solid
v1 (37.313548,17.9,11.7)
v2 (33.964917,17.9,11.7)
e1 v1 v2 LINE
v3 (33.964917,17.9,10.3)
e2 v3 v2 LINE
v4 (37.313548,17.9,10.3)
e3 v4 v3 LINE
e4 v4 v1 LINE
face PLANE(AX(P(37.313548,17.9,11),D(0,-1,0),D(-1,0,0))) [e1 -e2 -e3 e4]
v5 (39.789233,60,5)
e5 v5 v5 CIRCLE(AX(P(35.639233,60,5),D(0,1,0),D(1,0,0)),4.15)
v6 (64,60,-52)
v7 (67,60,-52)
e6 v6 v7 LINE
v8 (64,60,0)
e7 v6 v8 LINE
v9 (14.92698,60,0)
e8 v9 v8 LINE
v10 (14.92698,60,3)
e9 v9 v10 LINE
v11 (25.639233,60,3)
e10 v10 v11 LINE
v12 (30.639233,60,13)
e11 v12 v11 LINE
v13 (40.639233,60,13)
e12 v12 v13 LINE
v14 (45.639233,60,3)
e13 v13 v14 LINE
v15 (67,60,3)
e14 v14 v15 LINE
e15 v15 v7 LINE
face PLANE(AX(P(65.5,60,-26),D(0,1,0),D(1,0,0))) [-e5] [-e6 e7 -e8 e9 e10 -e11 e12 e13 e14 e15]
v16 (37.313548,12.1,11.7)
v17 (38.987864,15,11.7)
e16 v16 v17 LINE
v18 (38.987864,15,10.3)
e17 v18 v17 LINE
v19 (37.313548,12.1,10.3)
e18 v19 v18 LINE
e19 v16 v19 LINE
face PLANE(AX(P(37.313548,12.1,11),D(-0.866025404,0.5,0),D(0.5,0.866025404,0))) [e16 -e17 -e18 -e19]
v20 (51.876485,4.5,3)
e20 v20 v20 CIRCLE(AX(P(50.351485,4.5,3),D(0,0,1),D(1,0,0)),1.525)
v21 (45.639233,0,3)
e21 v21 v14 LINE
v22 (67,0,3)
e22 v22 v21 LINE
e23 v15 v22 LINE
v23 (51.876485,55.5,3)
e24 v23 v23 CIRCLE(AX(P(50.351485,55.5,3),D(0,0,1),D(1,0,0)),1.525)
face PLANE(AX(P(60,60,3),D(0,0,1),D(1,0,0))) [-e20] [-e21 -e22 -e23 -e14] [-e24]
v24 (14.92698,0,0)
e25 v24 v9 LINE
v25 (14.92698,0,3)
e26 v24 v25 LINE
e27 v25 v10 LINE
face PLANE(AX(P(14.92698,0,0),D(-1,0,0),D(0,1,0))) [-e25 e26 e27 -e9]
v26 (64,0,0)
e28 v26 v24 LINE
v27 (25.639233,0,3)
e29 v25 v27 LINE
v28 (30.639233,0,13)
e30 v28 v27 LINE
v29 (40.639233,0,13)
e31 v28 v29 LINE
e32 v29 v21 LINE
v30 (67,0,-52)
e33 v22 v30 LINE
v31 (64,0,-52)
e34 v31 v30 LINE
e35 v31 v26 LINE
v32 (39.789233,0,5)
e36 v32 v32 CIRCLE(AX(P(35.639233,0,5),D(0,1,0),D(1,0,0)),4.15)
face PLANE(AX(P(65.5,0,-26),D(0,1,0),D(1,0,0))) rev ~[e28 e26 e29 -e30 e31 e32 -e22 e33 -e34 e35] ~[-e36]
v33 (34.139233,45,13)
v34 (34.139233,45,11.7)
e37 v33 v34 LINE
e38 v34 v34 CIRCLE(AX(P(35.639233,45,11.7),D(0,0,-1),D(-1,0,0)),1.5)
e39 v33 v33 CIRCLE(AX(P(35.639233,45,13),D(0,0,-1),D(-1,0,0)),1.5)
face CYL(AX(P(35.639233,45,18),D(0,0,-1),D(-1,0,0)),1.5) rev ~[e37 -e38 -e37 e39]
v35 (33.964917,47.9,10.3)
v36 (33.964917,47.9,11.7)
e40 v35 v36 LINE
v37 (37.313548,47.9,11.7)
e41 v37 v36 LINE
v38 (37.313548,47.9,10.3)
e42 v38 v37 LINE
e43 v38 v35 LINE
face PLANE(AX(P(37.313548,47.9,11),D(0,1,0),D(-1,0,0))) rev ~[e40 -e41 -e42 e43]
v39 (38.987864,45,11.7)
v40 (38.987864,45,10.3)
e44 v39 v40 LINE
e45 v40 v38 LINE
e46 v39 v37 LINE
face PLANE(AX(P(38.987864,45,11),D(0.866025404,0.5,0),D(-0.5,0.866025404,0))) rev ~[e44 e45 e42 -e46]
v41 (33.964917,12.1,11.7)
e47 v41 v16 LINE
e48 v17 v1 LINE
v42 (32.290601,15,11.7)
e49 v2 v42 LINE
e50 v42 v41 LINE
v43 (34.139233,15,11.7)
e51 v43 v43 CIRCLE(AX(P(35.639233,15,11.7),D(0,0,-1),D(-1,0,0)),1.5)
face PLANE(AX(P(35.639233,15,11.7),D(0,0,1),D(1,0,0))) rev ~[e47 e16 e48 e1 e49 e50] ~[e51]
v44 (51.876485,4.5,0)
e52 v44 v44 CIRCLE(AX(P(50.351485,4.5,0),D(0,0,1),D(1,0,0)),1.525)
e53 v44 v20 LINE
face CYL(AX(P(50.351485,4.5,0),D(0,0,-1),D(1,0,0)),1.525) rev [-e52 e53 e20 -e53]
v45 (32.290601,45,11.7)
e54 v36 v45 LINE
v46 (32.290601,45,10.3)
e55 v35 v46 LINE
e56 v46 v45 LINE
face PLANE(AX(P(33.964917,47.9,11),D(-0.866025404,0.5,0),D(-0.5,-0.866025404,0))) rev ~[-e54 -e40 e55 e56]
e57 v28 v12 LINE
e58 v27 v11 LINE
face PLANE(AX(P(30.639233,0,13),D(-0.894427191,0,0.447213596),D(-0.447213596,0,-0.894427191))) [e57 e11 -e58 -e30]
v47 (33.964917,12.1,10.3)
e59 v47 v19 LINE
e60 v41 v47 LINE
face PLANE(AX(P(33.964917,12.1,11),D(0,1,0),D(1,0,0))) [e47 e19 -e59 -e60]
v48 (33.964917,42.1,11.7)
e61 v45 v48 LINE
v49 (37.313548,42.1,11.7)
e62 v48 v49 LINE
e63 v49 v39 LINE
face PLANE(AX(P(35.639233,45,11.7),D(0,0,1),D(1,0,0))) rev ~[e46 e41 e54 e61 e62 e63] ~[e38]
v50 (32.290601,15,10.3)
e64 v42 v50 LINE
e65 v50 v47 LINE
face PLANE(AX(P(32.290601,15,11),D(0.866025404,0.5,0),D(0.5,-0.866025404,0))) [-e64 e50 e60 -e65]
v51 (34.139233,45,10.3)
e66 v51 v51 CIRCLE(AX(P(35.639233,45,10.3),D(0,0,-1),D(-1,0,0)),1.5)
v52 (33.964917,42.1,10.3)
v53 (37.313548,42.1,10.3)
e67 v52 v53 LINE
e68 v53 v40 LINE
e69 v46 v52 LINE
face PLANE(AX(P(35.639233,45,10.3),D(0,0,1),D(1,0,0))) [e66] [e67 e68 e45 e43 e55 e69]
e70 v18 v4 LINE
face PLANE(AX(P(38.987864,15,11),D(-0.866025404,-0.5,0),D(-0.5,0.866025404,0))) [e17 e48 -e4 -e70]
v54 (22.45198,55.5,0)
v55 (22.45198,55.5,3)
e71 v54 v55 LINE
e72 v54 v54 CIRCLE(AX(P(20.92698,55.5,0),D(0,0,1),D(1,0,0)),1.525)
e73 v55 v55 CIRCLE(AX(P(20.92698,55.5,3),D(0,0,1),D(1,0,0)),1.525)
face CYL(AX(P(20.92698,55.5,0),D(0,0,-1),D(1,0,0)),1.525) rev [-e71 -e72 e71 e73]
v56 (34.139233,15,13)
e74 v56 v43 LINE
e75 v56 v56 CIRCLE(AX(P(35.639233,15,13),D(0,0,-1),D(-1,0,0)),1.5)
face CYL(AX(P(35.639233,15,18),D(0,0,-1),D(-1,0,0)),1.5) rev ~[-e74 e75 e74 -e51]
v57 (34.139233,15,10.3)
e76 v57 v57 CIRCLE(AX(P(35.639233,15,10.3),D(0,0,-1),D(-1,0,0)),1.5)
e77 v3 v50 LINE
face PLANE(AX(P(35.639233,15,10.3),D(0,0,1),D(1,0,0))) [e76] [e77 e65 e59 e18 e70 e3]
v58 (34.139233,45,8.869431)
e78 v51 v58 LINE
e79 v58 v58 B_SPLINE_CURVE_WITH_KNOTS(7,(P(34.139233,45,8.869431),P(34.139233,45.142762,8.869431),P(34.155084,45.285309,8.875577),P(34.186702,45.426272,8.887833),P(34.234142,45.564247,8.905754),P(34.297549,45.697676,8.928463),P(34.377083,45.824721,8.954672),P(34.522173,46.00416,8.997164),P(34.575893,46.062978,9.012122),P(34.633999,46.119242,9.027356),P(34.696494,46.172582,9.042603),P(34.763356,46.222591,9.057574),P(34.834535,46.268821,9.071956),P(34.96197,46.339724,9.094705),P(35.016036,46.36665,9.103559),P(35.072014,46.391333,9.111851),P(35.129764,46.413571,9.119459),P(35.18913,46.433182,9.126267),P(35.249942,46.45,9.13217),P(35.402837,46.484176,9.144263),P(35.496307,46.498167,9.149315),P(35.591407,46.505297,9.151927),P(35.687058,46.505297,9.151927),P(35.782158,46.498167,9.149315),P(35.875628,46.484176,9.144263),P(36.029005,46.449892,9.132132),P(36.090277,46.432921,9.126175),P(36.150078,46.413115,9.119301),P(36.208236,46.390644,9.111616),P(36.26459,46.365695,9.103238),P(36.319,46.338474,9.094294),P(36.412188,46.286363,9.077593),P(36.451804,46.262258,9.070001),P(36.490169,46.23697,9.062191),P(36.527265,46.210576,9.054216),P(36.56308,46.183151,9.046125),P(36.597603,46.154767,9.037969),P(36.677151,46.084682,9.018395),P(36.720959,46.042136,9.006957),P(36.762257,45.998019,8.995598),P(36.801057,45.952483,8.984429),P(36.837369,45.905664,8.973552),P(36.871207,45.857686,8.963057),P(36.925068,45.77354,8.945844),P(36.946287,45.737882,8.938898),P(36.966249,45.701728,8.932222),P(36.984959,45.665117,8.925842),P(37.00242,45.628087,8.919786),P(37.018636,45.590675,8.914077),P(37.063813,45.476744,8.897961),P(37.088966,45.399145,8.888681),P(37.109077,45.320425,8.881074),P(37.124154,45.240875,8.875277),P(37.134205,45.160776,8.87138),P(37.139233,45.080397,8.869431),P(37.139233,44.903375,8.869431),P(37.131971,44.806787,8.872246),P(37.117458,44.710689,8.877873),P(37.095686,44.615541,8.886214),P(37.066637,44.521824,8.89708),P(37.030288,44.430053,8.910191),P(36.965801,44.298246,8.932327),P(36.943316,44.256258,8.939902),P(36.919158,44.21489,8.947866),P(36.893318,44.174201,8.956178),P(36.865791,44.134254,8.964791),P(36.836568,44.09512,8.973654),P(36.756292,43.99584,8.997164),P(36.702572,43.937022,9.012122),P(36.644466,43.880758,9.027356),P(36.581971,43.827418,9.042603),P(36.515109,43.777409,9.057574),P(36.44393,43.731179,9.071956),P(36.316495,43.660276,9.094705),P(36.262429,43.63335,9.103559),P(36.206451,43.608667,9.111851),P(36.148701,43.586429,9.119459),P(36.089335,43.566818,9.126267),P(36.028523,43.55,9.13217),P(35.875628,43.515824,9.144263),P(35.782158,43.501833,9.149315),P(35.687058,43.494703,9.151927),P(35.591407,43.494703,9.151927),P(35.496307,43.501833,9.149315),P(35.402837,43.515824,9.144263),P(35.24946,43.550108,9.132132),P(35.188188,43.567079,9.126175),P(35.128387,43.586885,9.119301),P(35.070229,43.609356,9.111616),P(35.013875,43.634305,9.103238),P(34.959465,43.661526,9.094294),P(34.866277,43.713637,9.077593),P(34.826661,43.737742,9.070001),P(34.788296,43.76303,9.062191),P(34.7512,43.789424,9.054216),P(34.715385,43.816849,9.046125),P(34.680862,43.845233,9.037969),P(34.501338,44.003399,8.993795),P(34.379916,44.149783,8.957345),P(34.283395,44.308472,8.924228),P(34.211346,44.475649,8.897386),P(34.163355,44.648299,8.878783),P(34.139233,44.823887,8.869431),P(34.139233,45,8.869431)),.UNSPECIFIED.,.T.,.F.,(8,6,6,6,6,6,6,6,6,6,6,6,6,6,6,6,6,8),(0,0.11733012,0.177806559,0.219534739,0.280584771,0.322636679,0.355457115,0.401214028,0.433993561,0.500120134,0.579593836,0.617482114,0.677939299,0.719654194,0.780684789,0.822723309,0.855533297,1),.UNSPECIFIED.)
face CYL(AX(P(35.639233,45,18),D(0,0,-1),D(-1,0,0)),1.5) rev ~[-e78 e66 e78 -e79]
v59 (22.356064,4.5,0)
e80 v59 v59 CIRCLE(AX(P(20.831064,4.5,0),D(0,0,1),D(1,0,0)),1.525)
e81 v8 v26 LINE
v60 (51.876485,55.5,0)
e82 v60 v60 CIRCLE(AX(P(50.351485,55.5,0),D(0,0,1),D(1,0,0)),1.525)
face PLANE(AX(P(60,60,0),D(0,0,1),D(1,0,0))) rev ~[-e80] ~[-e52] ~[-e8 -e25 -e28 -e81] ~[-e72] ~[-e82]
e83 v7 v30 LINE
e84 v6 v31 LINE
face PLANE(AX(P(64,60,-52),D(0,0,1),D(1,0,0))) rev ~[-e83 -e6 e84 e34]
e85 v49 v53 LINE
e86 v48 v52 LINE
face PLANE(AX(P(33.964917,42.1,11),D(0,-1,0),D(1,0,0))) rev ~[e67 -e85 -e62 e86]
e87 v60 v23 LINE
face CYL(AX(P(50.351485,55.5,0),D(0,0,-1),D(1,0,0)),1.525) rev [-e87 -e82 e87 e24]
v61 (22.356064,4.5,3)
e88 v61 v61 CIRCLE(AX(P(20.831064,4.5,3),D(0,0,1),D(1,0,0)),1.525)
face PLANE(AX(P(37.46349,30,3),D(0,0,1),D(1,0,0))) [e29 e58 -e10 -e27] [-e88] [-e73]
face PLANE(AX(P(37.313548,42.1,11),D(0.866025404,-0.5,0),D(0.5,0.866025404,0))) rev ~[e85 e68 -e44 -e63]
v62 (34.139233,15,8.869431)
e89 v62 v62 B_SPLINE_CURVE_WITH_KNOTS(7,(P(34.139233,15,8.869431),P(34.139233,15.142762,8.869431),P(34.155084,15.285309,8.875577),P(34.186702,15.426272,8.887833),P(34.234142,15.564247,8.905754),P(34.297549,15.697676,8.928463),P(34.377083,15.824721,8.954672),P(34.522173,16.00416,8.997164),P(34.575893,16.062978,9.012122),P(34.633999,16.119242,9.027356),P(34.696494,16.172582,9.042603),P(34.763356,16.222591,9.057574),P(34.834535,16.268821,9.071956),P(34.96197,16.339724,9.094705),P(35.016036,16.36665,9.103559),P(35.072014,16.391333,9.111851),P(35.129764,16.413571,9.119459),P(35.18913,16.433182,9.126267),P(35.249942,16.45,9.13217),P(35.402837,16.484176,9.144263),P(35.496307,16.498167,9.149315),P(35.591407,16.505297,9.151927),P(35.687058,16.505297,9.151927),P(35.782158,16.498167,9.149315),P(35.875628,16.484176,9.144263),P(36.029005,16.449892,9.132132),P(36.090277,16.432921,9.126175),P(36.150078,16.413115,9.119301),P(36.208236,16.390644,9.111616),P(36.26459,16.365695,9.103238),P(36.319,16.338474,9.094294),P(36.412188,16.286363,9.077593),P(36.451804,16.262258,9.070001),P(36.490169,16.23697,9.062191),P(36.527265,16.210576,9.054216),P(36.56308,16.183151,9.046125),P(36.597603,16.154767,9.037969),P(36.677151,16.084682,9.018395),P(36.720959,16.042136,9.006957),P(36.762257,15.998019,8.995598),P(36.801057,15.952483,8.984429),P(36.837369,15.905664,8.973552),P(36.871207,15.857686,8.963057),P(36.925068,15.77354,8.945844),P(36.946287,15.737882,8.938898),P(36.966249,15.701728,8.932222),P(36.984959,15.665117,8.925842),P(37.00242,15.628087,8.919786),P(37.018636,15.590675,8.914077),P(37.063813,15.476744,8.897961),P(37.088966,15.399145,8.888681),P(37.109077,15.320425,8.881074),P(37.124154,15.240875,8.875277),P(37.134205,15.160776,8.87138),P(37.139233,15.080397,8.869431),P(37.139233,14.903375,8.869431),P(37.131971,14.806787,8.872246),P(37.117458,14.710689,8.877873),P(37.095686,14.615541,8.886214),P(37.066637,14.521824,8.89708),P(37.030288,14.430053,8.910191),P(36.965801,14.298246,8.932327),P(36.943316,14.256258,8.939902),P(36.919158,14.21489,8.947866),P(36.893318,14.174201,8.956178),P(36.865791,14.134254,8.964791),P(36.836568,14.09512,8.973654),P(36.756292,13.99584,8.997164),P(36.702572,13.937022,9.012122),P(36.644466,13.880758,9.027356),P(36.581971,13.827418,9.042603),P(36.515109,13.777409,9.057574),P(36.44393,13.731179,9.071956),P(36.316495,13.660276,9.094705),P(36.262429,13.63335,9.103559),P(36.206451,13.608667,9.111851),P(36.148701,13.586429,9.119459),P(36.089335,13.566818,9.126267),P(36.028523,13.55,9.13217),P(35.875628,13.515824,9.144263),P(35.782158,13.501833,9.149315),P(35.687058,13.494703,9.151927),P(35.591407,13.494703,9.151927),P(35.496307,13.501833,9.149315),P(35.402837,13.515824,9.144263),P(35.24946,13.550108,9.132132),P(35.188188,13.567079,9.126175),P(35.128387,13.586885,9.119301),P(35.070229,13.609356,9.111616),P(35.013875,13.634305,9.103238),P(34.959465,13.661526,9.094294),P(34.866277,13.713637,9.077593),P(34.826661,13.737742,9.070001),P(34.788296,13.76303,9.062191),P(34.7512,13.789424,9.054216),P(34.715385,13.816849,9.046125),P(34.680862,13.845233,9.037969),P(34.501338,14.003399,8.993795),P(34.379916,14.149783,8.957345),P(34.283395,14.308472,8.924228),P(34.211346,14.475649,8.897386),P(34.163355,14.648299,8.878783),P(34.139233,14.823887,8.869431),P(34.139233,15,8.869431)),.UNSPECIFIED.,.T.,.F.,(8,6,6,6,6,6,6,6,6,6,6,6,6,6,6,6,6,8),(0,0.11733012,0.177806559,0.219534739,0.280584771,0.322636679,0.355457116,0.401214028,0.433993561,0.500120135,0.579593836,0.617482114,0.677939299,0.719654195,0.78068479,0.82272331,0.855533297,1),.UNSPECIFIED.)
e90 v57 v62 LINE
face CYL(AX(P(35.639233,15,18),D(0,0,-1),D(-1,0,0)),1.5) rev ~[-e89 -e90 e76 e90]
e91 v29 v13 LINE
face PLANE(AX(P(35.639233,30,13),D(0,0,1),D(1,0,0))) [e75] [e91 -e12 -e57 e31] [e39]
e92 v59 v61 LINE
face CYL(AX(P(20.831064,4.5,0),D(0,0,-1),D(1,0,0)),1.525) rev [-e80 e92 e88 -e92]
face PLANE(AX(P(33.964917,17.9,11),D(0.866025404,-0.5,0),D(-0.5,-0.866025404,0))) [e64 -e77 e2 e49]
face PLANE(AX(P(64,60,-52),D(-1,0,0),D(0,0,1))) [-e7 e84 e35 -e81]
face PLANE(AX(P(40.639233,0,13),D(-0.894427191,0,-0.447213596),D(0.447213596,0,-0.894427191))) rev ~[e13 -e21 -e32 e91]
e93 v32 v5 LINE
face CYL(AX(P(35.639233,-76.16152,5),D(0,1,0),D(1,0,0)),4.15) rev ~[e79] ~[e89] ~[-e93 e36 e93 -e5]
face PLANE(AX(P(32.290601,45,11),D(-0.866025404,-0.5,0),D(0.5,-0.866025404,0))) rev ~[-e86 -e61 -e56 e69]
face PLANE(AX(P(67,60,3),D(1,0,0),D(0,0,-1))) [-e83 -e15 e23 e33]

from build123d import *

# Parameters (mm, degrees)
SKETCH_1_W          = 45.073019954
SKETCH_1_H          = 60
SKETCH_1_R          = 1.525
EXTRUDE_1_DEPTH     = 3
SKETCH_2_W          = 10
SKETCH_2_H          = 60
EXTRUDE_2_DEPTH     = 10
HOLE_WIZARD_1_D     = 8.3
EXTRUDE_3_DEPTH     = 60
CUT_EXTRUDE_1_DEPTH = 0.7
HOLE_WIZARD_2_D     = 3
HOLE_WIZARD_2_DEPTH = 5
SKETCH_10_W         = 3
SKETCH_10_H         = 52
SKETCH_10_H_2       = 3
SKETCH_10_W_2       = 4
EXTRUDE_4_DEPTH     = 60


with BuildPart() as part:
    # 草图1 → 凸台-拉伸1 (new body)
    with BuildSketch(Plane.XY):
        with Locations((37.463490023, 30)):
            Rectangle(SKETCH_1_W, SKETCH_1_H)
        with Locations((20.831064203, 4.5)):
            Circle(SKETCH_1_R, mode=Mode.SUBTRACT)
        with Locations((50.351484989, 4.5)):
            Circle(SKETCH_1_R, mode=Mode.SUBTRACT)
        with Locations((20.926980046, 55.5)):
            Circle(SKETCH_1_R, mode=Mode.SUBTRACT)
        with Locations((50.351484989, 55.5)):
            Circle(SKETCH_1_R, mode=Mode.SUBTRACT)
    extrude(amount=EXTRUDE_1_DEPTH)

    # 草图2 → 凸台-拉伸2 (add)
    with BuildSketch(Plane.XY.offset(3)):
        with Locations((35.639232517, 30)):
            Rectangle(SKETCH_2_W, SKETCH_2_H)
    extrude(amount=EXTRUDE_2_DEPTH)

    # 孔1 (through all)
    with Locations(Plane(origin=(0, 0, 0), x_dir=(-1, 0, 0), z_dir=(0, -1, 0))):
        with Locations((-35.639232517, -5)):
            Hole(HOLE_WIZARD_1_D / 2)

    # 草图5 → 凸台-拉伸3 (add)
    with BuildSketch(Plane.XZ):
        Polygon((30.639232517, 13), (25.639232517, 3), (30.639232517, 3), align=None)
        Polygon((40.639232517, 13), (45.639232517, 3), (40.639232517, 3), align=None)
    extrude(amount=-EXTRUDE_3_DEPTH)

    # 草图7 → 切除-拉伸1 (cut, symmetric)
    with BuildSketch(Plane.XY.offset(11)):
        Polygon((37.313548298, 12.1), (38.987864079, 15), (37.313548298, 17.9), (33.964916737, 17.9), (32.290600956, 15), (33.964916737, 12.1), align=None)
        Polygon((38.987864079, 45), (37.313548298, 47.9), (33.964916737, 47.9), (32.290600956, 45), (33.964916737, 42.1), (37.313548298, 42.1), align=None)
    extrude(amount=CUT_EXTRUDE_1_DEPTH, both=True, mode=Mode.SUBTRACT)

    # 孔2
    with Locations(Plane.XY.offset(13)):
        with Locations((35.639232517, 45), (35.639232517, 15)):
            Hole(HOLE_WIZARD_2_D / 2, depth=HOLE_WIZARD_2_DEPTH)

    # 草图10 → 凸台-拉伸4 (add)
    with BuildSketch(Plane(origin=(0, 60, 0), x_dir=(1, 0, 0), z_dir=(0, 1, 0))):
        with Locations((65.5, 26)):
            Rectangle(SKETCH_10_W, SKETCH_10_H)
        with Locations((65.5, -1.5)):
            Rectangle(SKETCH_10_W, SKETCH_10_H_2)
        with Locations((62, -1.5)):
            Rectangle(SKETCH_10_W_2, SKETCH_10_H_2)
    extrude(amount=-EXTRUDE_4_DEPTH)


solid = part.part
